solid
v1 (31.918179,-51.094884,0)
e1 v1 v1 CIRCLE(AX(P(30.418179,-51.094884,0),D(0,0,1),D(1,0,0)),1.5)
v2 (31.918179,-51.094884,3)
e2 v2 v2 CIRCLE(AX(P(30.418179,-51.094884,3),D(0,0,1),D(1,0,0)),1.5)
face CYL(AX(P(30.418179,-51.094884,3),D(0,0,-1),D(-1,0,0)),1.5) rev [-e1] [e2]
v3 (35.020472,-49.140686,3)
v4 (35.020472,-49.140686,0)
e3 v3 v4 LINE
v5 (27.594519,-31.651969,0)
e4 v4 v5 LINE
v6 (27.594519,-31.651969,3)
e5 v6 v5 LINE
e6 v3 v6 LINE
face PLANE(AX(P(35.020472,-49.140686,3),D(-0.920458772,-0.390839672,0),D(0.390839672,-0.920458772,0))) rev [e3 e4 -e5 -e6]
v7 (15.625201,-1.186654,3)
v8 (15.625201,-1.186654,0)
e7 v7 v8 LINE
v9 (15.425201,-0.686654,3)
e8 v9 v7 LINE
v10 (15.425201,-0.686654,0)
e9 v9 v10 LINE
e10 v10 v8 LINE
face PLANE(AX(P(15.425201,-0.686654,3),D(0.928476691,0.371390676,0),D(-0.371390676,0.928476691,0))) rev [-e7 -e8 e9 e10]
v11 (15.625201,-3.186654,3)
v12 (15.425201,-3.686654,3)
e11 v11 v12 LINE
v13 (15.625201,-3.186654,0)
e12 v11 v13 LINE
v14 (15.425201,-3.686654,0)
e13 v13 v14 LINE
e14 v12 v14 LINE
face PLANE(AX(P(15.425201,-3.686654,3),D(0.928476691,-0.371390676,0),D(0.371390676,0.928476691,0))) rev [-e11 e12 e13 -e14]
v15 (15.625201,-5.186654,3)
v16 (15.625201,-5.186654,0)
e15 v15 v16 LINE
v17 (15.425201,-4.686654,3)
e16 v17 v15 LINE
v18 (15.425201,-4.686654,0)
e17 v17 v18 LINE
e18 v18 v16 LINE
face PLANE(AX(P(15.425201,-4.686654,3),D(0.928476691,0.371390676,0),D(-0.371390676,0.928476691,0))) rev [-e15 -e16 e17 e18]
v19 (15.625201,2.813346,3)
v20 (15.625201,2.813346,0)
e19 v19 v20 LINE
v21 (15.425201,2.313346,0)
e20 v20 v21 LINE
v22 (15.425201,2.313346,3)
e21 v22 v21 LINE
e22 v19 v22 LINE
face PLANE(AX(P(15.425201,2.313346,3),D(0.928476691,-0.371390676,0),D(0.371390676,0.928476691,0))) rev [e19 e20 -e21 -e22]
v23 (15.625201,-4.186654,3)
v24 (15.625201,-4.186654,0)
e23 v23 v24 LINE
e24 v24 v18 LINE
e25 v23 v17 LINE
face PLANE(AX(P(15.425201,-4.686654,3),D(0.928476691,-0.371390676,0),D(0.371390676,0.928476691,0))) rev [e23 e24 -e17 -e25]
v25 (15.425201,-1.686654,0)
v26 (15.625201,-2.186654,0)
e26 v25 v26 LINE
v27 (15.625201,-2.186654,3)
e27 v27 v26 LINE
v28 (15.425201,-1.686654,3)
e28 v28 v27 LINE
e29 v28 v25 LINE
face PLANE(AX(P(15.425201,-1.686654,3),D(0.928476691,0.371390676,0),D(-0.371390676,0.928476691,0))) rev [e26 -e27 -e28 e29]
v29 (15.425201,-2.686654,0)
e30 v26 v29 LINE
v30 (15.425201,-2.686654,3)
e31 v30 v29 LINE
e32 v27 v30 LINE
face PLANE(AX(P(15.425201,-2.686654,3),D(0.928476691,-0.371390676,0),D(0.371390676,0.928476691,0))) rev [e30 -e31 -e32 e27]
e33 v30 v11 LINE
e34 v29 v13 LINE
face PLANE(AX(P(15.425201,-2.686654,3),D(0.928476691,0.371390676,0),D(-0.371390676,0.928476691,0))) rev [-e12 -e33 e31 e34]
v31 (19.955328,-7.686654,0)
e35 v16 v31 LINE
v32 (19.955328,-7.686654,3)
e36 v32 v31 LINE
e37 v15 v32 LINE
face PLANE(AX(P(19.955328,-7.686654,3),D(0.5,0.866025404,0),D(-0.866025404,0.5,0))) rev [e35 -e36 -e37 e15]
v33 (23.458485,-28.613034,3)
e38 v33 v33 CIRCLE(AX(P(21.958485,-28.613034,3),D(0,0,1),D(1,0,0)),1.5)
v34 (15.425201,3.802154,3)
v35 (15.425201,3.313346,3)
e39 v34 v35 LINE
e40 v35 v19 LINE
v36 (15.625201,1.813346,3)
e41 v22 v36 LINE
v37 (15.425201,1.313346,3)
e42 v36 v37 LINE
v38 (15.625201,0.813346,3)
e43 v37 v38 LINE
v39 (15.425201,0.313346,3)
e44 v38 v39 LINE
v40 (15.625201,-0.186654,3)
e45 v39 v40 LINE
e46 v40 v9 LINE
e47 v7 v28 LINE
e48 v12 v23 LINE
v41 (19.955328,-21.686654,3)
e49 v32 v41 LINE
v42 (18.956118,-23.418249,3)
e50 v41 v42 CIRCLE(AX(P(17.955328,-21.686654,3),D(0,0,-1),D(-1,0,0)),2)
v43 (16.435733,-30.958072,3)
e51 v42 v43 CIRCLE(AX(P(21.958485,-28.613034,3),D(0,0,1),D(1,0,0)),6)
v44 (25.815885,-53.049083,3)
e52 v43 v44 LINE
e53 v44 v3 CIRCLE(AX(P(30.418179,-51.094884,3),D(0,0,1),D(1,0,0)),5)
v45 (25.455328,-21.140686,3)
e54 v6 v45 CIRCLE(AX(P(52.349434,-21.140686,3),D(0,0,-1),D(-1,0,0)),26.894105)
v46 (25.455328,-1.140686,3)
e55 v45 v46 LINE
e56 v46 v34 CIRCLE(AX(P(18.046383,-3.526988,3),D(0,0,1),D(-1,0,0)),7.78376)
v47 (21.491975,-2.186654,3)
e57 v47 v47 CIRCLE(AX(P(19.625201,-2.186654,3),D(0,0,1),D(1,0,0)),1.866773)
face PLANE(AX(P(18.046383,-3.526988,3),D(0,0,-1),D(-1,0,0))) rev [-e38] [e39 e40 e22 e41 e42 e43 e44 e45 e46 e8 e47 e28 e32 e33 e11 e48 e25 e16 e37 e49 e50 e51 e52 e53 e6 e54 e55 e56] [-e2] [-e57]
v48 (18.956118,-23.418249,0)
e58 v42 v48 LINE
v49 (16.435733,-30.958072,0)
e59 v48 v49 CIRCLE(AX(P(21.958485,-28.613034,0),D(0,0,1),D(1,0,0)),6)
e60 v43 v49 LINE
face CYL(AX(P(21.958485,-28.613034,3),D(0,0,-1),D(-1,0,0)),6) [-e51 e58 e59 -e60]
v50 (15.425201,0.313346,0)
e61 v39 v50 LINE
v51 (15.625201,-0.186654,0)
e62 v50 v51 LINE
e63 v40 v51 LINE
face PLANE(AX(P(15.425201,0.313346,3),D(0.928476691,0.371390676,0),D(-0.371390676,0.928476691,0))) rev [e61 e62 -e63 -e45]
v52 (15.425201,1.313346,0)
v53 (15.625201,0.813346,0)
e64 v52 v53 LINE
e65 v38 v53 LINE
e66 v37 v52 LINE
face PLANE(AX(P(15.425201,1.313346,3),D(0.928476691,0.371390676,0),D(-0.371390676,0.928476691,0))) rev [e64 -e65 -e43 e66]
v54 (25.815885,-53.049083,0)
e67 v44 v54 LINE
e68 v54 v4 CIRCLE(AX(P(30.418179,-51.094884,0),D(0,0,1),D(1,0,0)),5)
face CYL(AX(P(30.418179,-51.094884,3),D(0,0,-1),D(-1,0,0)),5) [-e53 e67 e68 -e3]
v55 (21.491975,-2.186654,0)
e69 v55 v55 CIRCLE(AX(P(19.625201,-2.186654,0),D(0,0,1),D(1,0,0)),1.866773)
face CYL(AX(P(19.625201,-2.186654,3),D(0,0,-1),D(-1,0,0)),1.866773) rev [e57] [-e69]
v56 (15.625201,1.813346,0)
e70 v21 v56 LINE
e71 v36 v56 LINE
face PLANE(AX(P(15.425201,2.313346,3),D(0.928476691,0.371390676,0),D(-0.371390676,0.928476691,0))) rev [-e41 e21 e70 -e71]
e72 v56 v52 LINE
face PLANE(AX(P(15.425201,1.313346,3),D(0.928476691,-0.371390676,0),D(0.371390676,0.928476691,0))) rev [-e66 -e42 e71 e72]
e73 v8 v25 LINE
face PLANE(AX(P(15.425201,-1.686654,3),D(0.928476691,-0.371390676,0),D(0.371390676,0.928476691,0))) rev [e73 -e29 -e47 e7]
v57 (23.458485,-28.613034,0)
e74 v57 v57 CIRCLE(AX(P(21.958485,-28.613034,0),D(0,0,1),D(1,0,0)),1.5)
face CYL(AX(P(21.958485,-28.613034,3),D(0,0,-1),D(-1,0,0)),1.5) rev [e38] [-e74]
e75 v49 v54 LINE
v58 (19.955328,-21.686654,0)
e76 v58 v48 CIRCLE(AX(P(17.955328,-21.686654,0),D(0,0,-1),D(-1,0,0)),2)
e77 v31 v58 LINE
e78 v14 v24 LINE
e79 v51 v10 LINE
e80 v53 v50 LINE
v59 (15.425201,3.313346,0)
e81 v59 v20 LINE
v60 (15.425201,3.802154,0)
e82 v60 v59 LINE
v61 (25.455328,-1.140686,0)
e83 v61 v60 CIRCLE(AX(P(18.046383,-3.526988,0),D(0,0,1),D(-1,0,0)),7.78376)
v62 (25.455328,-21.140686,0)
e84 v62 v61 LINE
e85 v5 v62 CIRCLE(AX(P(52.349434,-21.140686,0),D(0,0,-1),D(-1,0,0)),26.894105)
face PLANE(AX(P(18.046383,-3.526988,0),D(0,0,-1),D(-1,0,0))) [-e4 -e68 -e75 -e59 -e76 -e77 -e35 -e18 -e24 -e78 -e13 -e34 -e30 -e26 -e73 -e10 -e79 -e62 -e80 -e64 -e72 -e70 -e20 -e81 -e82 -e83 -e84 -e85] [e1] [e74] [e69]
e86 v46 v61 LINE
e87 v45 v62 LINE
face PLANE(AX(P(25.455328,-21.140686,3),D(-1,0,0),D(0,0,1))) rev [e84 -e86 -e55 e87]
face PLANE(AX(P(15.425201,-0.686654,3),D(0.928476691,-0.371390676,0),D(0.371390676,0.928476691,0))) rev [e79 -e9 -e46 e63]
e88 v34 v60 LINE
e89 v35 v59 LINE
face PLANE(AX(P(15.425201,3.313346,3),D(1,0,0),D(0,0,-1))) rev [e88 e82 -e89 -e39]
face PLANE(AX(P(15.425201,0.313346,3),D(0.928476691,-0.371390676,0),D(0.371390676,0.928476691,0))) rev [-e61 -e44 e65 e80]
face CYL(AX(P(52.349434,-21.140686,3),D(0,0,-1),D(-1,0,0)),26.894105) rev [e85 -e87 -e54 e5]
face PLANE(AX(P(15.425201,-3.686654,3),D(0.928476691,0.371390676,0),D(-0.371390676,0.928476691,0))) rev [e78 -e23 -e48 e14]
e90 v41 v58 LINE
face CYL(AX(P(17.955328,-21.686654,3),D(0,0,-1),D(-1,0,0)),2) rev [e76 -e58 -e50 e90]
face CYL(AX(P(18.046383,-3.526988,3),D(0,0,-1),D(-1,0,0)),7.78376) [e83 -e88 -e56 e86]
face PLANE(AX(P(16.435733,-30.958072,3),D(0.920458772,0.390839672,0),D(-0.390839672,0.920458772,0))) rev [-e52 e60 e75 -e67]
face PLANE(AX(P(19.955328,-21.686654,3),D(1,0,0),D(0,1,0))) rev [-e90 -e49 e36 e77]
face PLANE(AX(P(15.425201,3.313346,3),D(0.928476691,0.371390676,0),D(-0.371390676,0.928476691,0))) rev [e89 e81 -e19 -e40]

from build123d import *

# Parameters (mm, degrees)
SKETCH1_R           = 1.5
SKETCH1_R_2         = 1.866773139
BOSS_EXTRUDE2_DEPTH = 3


with BuildPart() as part:
    # Sketch1 → Boss-Extrude2 (new body)
    with BuildSketch(Plane.XY):
        with BuildLine():
            Line((19.955328479, -21.686654411), (19.955328479, -7.686654411))
            Line((19.955328479, -7.686654411), (15.62520146, -5.186654411))
            Line((15.62520146, -5.186654411), (15.42520146, -4.686654411))
            Line((15.42520146, -4.686654411), (15.62520146, -4.186654411))
            Line((15.62520146, -4.186654411), (15.42520146, -3.686654411))
            Line((15.42520146, -3.686654411), (15.62520146, -3.186654411))
            Line((15.62520146, -3.186654411), (15.42520146, -2.686654411))
            Line((15.42520146, -2.686654411), (15.62520146, -2.186654411))
            Line((15.62520146, -2.186654411), (15.42520146, -1.686654411))
            Line((15.42520146, -1.686654411), (15.62520146, -1.186654411))
            Line((15.62520146, -1.186654411), (15.42520146, -0.686654411))
            Line((15.42520146, -0.686654411), (15.62520146, -0.186654411))
            Line((15.62520146, -0.186654411), (15.42520146, 0.313345589))
            Line((15.42520146, 0.313345589), (15.62520146, 0.813345589))
            Line((15.62520146, 0.813345589), (15.42520146, 1.313345589))
            Line((15.42520146, 1.313345589), (15.62520146, 1.813345589))
            Line((15.62520146, 1.813345589), (15.42520146, 2.313345589))
            Line((15.42520146, 2.313345589), (15.62520146, 2.813345589))
            Line((15.62520146, 2.813345589), (15.42520146, 3.313345589))
            Line((15.42520146, 3.313345589), (15.42520146, 3.802153535))
            ThreePointArc((15.42520146, 3.802153535), (21.487107687, 3.455011814), (25.455328479, -1.140685983))
            Line((25.455328479, -1.140685983), (25.455328479, -21.140685983))
            ThreePointArc((25.455328479, -21.140685983), (25.995551768, -26.504062064), (27.594518651, -31.651969317))
            Line((27.594518651, -31.651969317), (35.020472422, -49.140685983))
            ThreePointArc((35.020472422, -49.140685983), (32.372376923, -55.697178203), (25.815884703, -53.049082704))
            Line((25.815884703, -53.049082704), (16.435732572, -30.958072179))
            ThreePointArc((16.435732572, -30.958072179), (16.267997475, -26.710838203), (18.95611766, -23.418249345))
            ThreePointArc((18.95611766, -23.418249345), (19.687607088, -22.686259743), (19.955328479, -21.686654411))
        make_face()
        with Locations((30.418178563, -51.094884343)):
            Circle(SKETCH1_R, mode=Mode.SUBTRACT)
        with Locations((19.62520146, -2.186654411)):
            Circle(SKETCH1_R_2, mode=Mode.SUBTRACT)
        with Locations((21.958485203, -28.613034147)):
            Circle(SKETCH1_R, mode=Mode.SUBTRACT)
    extrude(amount=BOSS_EXTRUDE2_DEPTH)


solid = part.part
